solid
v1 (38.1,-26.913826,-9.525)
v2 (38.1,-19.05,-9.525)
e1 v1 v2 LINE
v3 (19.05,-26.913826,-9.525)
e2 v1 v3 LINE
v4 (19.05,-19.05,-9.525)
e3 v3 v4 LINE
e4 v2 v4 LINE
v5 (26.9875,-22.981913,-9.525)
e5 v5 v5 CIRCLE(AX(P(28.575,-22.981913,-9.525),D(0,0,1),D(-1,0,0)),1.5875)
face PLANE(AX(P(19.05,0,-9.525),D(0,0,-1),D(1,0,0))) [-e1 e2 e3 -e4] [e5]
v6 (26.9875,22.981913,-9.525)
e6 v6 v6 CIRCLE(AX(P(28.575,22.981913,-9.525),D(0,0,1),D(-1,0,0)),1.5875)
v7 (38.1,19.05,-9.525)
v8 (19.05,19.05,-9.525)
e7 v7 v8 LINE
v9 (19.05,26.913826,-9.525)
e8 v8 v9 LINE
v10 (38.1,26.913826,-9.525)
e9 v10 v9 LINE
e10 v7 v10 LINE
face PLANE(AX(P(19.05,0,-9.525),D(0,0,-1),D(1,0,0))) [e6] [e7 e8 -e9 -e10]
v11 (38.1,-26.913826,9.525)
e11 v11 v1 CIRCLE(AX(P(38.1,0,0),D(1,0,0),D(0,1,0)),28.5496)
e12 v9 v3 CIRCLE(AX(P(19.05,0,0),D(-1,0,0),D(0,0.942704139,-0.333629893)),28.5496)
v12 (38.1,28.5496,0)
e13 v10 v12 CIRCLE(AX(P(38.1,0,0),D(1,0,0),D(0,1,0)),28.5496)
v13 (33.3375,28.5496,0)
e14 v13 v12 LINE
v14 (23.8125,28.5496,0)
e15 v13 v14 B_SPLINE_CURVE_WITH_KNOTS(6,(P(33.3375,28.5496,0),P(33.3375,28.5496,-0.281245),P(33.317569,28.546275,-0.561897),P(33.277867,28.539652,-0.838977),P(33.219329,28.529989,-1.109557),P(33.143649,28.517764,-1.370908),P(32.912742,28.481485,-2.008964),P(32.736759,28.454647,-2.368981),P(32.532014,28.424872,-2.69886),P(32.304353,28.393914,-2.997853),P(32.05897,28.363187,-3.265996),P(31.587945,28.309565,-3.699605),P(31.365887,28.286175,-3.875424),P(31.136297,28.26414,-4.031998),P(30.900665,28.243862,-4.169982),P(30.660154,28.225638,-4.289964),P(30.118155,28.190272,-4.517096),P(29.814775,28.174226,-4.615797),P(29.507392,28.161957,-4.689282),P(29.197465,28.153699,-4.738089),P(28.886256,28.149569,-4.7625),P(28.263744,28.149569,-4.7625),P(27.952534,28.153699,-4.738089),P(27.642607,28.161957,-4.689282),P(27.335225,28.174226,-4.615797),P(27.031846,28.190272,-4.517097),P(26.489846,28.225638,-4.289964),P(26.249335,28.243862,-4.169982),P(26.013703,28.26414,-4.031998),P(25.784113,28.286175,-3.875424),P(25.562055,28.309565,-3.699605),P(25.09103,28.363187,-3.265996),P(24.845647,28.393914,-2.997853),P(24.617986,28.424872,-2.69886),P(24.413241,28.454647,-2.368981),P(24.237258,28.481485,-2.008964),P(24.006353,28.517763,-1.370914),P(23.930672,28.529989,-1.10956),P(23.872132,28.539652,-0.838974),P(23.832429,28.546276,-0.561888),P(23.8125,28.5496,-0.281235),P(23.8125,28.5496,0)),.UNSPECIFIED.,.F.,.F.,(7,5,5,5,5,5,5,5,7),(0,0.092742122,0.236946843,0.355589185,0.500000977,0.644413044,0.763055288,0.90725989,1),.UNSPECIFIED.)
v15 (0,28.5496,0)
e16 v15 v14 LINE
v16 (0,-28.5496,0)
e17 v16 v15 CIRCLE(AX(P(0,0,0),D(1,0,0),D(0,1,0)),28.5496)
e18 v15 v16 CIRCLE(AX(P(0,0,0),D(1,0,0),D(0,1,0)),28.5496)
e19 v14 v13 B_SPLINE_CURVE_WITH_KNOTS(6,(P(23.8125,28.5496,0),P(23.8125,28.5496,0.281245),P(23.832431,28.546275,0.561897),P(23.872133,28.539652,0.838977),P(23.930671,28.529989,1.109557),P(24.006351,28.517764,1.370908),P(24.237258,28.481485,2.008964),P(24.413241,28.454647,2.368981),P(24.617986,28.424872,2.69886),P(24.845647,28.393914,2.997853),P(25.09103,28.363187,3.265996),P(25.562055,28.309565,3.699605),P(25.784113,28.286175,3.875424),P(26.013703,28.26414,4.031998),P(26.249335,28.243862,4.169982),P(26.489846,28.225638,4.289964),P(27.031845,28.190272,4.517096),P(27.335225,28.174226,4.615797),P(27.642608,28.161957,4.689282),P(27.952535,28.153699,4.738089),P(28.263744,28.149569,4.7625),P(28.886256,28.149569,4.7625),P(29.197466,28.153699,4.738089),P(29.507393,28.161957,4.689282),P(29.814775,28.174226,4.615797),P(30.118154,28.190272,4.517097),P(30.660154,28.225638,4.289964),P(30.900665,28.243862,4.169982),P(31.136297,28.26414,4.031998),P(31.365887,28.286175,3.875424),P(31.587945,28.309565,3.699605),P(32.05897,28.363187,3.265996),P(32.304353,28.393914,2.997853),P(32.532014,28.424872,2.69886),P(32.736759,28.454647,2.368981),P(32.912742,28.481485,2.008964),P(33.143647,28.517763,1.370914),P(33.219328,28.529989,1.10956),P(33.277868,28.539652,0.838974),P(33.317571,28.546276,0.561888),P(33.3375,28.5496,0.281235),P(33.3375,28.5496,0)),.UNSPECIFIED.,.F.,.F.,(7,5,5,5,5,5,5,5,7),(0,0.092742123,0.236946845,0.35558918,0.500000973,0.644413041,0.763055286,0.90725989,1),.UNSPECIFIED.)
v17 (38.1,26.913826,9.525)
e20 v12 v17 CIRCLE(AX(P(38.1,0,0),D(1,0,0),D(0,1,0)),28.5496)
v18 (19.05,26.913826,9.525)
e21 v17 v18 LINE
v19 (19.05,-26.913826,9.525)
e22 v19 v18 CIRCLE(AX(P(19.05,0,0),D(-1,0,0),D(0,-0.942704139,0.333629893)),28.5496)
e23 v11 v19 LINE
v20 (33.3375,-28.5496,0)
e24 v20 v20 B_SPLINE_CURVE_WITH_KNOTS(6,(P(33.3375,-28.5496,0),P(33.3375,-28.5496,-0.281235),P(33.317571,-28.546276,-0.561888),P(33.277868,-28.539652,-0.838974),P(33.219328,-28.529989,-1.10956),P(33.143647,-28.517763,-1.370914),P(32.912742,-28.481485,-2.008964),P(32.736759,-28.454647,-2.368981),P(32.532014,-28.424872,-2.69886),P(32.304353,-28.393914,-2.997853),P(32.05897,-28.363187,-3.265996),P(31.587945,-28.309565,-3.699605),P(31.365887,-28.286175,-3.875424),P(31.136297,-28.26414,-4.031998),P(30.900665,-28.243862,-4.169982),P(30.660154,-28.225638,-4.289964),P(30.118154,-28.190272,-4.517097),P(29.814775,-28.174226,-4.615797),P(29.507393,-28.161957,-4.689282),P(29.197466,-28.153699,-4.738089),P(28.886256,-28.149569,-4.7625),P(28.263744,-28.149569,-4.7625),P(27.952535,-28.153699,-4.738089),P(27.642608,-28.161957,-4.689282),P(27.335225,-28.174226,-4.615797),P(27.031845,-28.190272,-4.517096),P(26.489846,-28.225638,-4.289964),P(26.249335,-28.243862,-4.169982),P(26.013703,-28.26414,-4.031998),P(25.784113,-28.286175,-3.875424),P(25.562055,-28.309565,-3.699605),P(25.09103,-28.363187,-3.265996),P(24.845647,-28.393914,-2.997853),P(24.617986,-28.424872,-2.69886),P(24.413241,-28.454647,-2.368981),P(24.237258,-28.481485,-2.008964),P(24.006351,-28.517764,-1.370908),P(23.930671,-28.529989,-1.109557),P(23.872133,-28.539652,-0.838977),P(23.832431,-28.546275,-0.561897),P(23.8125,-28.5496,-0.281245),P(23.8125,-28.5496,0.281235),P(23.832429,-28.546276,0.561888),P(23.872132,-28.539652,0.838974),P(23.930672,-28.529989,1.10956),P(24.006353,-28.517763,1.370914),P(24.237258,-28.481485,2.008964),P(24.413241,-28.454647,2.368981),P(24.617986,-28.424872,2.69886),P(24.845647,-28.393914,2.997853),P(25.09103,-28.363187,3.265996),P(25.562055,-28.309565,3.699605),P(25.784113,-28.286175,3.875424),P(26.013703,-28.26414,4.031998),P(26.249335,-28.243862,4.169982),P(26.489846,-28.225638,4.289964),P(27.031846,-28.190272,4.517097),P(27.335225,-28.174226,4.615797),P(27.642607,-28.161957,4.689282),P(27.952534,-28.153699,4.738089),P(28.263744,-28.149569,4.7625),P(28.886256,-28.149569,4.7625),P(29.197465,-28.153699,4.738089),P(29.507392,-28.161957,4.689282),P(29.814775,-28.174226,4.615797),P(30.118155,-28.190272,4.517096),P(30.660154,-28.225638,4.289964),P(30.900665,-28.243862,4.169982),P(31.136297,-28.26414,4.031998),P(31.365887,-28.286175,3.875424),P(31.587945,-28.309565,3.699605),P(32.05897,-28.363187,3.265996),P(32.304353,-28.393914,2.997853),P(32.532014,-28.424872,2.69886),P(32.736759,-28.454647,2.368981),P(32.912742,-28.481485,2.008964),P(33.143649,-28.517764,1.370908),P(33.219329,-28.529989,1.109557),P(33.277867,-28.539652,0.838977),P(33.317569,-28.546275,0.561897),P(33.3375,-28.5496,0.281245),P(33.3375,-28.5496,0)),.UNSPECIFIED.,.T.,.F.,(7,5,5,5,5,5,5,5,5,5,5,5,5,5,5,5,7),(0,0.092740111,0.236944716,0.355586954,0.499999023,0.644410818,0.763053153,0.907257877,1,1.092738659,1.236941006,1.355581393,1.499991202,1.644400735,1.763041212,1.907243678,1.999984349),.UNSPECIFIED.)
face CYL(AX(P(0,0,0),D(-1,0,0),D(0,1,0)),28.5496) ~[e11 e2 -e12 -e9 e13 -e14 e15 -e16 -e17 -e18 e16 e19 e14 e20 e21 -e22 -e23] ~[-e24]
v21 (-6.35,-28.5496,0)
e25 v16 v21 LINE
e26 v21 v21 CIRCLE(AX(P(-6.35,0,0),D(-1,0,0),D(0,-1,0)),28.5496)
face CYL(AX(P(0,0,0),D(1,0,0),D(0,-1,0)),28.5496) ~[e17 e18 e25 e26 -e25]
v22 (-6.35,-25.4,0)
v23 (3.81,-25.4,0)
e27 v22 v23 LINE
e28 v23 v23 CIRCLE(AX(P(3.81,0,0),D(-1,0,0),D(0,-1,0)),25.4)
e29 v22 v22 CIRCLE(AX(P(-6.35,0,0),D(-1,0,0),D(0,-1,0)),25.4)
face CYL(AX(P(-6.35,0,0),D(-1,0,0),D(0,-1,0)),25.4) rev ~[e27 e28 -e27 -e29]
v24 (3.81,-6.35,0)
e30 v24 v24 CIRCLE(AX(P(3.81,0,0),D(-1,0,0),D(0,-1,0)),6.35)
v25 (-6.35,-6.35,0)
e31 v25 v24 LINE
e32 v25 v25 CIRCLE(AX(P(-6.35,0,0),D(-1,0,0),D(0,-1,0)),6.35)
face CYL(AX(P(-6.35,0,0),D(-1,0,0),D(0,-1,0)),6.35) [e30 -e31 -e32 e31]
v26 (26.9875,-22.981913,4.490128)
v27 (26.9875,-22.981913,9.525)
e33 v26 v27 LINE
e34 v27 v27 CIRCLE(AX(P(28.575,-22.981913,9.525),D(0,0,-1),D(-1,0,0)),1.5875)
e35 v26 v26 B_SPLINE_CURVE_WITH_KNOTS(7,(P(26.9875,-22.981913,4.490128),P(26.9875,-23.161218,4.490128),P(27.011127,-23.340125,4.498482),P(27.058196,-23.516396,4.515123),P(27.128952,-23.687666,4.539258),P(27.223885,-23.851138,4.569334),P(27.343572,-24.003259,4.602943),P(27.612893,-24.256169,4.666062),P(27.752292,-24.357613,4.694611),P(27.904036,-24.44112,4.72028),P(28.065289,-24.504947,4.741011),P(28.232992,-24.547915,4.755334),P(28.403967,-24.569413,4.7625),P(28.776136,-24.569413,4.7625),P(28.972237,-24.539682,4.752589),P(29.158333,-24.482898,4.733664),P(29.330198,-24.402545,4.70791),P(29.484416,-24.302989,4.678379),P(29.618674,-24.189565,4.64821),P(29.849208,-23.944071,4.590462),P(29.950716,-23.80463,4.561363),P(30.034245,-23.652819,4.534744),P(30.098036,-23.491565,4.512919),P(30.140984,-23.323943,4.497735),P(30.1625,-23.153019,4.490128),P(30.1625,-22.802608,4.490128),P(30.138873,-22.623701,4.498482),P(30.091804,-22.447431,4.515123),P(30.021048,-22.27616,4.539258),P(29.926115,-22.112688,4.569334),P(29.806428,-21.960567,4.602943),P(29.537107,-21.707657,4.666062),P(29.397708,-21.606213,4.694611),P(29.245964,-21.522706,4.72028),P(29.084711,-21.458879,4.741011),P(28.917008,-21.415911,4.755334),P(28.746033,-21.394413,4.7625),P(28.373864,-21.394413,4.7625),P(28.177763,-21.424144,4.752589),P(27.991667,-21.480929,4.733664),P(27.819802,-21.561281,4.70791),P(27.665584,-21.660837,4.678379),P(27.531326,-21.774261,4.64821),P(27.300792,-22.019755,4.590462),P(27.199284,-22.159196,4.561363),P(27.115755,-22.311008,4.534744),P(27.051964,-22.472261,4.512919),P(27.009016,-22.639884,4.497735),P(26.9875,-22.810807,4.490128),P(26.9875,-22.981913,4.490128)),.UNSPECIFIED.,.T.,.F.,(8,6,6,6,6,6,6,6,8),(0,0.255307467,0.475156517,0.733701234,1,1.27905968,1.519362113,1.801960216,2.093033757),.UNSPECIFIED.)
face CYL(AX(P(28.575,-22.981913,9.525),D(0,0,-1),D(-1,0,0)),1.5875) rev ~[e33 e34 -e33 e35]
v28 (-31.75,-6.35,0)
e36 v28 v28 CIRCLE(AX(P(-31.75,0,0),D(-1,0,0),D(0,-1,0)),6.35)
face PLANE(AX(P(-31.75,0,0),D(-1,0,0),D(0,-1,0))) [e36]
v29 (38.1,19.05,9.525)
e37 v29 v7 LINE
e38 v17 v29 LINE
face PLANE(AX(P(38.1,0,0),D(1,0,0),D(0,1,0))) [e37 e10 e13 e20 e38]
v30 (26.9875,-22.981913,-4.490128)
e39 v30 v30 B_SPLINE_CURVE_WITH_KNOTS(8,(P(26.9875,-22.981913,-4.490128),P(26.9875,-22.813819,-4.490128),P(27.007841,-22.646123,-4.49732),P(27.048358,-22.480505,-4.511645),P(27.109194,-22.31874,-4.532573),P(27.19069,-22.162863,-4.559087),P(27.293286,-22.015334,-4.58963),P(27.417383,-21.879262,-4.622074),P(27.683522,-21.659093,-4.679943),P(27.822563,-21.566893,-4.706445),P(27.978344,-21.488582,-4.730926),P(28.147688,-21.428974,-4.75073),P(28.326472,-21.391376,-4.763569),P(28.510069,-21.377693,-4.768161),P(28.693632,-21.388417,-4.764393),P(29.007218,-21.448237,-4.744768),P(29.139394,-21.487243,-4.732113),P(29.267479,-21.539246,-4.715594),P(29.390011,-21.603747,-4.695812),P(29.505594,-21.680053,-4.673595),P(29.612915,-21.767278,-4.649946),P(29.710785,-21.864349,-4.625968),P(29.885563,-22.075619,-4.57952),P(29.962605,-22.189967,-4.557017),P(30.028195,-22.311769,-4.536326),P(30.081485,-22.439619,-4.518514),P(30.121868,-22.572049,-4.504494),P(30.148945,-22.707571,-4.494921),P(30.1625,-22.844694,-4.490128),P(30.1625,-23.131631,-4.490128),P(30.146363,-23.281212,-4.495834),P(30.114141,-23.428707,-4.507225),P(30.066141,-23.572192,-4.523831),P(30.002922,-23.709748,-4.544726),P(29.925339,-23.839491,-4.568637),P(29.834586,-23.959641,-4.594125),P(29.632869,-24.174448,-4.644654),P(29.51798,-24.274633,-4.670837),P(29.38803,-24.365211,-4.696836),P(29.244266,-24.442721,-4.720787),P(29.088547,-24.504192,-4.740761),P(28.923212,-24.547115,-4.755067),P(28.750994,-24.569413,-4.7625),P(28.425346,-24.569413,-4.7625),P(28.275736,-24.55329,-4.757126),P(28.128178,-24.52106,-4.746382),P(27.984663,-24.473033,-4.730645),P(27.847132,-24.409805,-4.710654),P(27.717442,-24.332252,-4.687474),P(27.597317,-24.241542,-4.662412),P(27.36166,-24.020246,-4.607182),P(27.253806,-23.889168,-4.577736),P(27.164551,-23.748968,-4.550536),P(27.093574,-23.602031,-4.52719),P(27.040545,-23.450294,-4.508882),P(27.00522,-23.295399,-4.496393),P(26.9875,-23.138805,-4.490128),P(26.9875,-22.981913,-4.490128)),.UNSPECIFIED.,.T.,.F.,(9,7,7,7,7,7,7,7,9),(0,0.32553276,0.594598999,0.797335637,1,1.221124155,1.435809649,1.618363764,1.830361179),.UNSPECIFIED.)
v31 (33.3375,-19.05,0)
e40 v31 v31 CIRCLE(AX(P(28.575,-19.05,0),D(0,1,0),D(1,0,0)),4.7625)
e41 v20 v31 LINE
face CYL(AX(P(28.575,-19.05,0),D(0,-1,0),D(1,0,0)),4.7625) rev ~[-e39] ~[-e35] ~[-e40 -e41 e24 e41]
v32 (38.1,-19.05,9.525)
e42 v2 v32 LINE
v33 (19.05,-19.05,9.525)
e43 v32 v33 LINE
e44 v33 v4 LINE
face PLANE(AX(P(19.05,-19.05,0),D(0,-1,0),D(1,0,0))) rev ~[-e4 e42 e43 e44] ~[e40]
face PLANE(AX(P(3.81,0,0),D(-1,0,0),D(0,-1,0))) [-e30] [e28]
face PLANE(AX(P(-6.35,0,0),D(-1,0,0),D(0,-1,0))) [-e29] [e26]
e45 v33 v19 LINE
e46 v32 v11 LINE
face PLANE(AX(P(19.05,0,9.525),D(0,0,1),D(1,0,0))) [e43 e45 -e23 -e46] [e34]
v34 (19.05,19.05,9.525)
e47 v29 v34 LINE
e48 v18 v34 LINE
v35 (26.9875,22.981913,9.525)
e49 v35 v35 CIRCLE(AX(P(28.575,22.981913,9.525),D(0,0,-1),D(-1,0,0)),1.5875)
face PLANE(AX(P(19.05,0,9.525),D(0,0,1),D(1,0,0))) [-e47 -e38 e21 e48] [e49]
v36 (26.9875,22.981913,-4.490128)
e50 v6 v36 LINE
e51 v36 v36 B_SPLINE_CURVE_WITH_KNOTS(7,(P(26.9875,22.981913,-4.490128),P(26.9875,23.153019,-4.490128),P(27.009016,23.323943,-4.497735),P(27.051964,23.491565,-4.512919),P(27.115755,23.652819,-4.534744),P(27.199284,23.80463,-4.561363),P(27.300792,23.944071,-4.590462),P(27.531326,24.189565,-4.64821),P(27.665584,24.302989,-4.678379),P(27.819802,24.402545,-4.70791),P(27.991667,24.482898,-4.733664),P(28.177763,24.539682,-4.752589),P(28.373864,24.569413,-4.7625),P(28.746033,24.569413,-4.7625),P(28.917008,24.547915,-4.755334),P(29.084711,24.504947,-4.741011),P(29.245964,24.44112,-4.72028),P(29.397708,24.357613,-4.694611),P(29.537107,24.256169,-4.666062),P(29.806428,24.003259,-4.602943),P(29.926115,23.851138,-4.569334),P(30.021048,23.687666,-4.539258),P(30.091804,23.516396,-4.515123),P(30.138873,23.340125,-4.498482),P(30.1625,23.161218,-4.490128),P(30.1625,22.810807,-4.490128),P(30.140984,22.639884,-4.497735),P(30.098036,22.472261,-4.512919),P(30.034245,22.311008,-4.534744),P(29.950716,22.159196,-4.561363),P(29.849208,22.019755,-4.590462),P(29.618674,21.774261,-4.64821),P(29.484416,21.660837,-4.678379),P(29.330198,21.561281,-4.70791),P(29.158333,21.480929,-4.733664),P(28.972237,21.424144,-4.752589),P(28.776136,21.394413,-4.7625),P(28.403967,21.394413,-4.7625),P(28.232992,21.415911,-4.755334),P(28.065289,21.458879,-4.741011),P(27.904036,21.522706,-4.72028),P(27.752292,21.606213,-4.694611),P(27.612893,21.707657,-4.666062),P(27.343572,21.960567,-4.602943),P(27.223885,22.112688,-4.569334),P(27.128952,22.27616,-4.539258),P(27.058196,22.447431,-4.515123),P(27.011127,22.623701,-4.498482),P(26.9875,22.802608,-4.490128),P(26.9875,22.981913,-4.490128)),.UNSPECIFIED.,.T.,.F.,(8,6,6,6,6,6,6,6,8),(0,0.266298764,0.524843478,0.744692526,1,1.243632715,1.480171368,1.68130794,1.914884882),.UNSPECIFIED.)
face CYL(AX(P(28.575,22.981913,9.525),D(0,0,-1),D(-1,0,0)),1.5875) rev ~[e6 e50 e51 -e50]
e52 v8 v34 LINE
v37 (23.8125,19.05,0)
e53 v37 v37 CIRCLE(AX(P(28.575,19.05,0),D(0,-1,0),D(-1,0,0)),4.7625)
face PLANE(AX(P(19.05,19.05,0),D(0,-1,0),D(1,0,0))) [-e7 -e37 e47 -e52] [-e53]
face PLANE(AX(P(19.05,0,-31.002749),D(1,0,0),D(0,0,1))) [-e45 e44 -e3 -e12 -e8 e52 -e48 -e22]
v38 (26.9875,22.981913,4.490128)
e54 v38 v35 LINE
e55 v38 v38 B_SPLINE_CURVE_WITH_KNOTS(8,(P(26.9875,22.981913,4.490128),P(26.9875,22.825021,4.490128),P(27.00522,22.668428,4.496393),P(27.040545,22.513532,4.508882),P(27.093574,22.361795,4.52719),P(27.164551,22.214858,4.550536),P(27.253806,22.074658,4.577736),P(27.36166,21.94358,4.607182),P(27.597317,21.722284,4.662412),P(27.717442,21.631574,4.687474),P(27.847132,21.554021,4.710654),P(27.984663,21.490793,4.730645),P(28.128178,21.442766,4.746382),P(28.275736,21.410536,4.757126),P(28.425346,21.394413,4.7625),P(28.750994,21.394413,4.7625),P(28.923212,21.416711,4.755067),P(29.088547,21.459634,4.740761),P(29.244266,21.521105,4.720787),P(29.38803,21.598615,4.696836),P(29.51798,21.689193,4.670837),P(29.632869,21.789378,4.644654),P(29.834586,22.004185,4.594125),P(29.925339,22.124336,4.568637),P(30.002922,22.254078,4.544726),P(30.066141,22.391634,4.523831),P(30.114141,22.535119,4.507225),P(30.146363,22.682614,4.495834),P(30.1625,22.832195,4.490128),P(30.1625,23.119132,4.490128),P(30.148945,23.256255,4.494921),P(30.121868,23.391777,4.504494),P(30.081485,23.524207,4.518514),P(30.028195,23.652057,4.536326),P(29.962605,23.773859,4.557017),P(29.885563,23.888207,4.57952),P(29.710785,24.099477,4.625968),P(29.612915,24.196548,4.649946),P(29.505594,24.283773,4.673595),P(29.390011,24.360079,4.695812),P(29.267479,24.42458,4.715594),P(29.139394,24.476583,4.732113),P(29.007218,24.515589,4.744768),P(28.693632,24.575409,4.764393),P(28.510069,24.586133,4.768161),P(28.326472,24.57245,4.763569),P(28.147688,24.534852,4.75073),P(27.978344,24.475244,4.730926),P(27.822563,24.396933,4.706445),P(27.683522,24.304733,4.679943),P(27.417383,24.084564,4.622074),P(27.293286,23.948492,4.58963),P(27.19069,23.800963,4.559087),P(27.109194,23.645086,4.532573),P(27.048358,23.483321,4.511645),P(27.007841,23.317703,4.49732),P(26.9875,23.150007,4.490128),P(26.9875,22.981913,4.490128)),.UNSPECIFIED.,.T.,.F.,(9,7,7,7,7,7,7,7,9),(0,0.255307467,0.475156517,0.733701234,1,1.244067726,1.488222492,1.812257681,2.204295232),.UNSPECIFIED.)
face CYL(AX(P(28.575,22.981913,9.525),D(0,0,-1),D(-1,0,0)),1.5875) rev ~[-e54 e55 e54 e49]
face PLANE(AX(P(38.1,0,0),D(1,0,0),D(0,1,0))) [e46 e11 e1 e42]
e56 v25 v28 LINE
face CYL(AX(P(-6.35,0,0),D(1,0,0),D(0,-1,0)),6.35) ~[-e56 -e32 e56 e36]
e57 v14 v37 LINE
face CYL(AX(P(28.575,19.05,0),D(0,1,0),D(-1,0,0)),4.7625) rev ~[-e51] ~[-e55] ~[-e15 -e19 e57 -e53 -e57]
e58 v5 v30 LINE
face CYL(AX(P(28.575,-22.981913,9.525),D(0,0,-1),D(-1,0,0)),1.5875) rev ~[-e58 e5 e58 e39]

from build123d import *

# Parameters (mm, degrees)
F0_R                   = 28.5496
F1_DEPTH               = 38.1
F2_W                   = 20.32
F2_H                   = 22.1844250173
F2_H_2                 = 21.4777487576
F3_DEPTH               = 38.1
F3_DEPTH_BACK          = 38.1
F4_W                   = 45.6145062673
F4_H                   = 38.1
F5_DEPTH               = 25.4
F5_DEPTH_BACK          = 25.4
F7_D                   = 9.525
F7_DEPTH               = 25.4
F7_CBORE_D             = 9.525
F7_CBORE_DEPTH         = 6.35
F7_TIP                 = 2.8615986981
F9_D                   = 9.525
F9_DEPTH               = 25.4
F9_CBORE_D             = 9.525
F9_CBORE_DEPTH         = 6.35
F9_TIP                 = 2.8615986981
F12_D                  = 3.175
F12_DEPTH              = 25.4
F12_CBORE_D            = 3.175
F12_CBORE_DEPTH        = 6.35
F12_TIP                = 0.9538662327
F12_ON_F11_D           = 3.175
F12_ON_F11_DEPTH       = 25.4
F12_ON_F11_CBORE_D     = 3.175
F12_ON_F11_CBORE_DEPTH = 6.35
F12_ON_F11_TIP         = 0.9538662327
F13_R                  = 28.5496
F14_DEPTH              = 6.35
F15_R                  = 6.35
F16_DEPTH              = 25.4
F17_R                  = 25.4
F17_R_2                = 6.35
F18_DEPTH              = 10.16


with BuildPart() as f1:
    # F0 (on Right) → F1 (new body)
    with BuildSketch(Plane.YZ):
        Circle(F0_R)
    extrude(amount=F1_DEPTH)

    # F2 (on Front) → F3 (cut, two sides)
    with BuildSketch(Plane.XZ) as f3_sk:
        with Locations((29.21, 20.6172125086)):
            Rectangle(F2_W, F2_H)
        with Locations((29.21, -20.2638743788)):
            Rectangle(F2_W, F2_H_2)
    extrude(amount=-F3_DEPTH, mode=Mode.SUBTRACT)
    extrude(f3_sk.sketch, amount=F3_DEPTH_BACK, mode=Mode.SUBTRACT)

    # F4 (on Top) → F5 (cut, two sides)
    with BuildSketch(Plane.XY) as f5_sk:
        with Locations((41.8572531337, 0)):
            Rectangle(F4_W, F4_H)
    extrude(amount=-F5_DEPTH, mode=Mode.SUBTRACT)
    extrude(f5_sk.sketch, amount=F5_DEPTH_BACK, mode=Mode.SUBTRACT)

    # F7
    with Locations(Plane.XZ.offset(-19.05)):
        with Locations((28.575, 0)):
            CounterBoreHole(F7_D / 2, F7_CBORE_D / 2, F7_CBORE_DEPTH, depth=F7_DEPTH)
            with Locations((0, 0, -(F7_DEPTH + F7_TIP / 2))):  # 118° drill point
                Cone(0, F7_D / 2, F7_TIP, mode=Mode.SUBTRACT)

    # F9
    with Locations(Plane(origin=(0, -19.05, 0), x_dir=(-1, 0, 0), z_dir=(0, 1, 0))):
        with Locations((-28.575, 0)):
            CounterBoreHole(F9_D / 2, F9_CBORE_D / 2, F9_CBORE_DEPTH, depth=F9_DEPTH)
            with Locations((0, 0, -(F9_DEPTH + F9_TIP / 2))):  # 118° drill point
                Cone(0, F9_D / 2, F9_TIP, mode=Mode.SUBTRACT)

    # F12
    with Locations(Plane.XY.offset(9.525)):
        with Locations((28.575, 22.9819130483)):
            CounterBoreHole(F12_D / 2, F12_CBORE_D / 2, F12_CBORE_DEPTH, depth=F12_DEPTH)
            with Locations((0, 0, -(F12_DEPTH + F12_TIP / 2))):  # 118° drill point
                Cone(0, F12_D / 2, F12_TIP, mode=Mode.SUBTRACT)

    # F12 on F11
    with Locations(Plane.XY.offset(9.525)):
        with Locations((28.575, -22.9819130483)):
            CounterBoreHole(F12_ON_F11_D / 2, F12_ON_F11_CBORE_D / 2, F12_ON_F11_CBORE_DEPTH, depth=F12_ON_F11_DEPTH)
            with Locations((0, 0, -(F12_ON_F11_DEPTH + F12_ON_F11_TIP / 2))):  # 118° drill point
                Cone(0, F12_ON_F11_D / 2, F12_ON_F11_TIP, mode=Mode.SUBTRACT)

    # F13 (on face) → F14 (join)
    with BuildSketch(Plane(origin=(0, 0, 0), x_dir=(0, -1, 0), z_dir=(-1, 0, 0))):
        Circle(F13_R)
    extrude(amount=F14_DEPTH)

    # F15 (on face) → F16 (join)
    with BuildSketch(Plane(origin=(-6.35, 0, 0), x_dir=(0, -1, 0), z_dir=(-1, 0, 0))):
        Circle(F15_R)
    extrude(amount=F16_DEPTH)

    # F17 (on face) → F18 (cut)
    with BuildSketch(Plane(origin=(-6.35, 0, 0), x_dir=(0, -1, 0), z_dir=(-1, 0, 0))):
        Circle(F17_R)
        Circle(F17_R_2, mode=Mode.SUBTRACT)
    extrude(amount=-F18_DEPTH, mode=Mode.SUBTRACT)


solid = f1.part
